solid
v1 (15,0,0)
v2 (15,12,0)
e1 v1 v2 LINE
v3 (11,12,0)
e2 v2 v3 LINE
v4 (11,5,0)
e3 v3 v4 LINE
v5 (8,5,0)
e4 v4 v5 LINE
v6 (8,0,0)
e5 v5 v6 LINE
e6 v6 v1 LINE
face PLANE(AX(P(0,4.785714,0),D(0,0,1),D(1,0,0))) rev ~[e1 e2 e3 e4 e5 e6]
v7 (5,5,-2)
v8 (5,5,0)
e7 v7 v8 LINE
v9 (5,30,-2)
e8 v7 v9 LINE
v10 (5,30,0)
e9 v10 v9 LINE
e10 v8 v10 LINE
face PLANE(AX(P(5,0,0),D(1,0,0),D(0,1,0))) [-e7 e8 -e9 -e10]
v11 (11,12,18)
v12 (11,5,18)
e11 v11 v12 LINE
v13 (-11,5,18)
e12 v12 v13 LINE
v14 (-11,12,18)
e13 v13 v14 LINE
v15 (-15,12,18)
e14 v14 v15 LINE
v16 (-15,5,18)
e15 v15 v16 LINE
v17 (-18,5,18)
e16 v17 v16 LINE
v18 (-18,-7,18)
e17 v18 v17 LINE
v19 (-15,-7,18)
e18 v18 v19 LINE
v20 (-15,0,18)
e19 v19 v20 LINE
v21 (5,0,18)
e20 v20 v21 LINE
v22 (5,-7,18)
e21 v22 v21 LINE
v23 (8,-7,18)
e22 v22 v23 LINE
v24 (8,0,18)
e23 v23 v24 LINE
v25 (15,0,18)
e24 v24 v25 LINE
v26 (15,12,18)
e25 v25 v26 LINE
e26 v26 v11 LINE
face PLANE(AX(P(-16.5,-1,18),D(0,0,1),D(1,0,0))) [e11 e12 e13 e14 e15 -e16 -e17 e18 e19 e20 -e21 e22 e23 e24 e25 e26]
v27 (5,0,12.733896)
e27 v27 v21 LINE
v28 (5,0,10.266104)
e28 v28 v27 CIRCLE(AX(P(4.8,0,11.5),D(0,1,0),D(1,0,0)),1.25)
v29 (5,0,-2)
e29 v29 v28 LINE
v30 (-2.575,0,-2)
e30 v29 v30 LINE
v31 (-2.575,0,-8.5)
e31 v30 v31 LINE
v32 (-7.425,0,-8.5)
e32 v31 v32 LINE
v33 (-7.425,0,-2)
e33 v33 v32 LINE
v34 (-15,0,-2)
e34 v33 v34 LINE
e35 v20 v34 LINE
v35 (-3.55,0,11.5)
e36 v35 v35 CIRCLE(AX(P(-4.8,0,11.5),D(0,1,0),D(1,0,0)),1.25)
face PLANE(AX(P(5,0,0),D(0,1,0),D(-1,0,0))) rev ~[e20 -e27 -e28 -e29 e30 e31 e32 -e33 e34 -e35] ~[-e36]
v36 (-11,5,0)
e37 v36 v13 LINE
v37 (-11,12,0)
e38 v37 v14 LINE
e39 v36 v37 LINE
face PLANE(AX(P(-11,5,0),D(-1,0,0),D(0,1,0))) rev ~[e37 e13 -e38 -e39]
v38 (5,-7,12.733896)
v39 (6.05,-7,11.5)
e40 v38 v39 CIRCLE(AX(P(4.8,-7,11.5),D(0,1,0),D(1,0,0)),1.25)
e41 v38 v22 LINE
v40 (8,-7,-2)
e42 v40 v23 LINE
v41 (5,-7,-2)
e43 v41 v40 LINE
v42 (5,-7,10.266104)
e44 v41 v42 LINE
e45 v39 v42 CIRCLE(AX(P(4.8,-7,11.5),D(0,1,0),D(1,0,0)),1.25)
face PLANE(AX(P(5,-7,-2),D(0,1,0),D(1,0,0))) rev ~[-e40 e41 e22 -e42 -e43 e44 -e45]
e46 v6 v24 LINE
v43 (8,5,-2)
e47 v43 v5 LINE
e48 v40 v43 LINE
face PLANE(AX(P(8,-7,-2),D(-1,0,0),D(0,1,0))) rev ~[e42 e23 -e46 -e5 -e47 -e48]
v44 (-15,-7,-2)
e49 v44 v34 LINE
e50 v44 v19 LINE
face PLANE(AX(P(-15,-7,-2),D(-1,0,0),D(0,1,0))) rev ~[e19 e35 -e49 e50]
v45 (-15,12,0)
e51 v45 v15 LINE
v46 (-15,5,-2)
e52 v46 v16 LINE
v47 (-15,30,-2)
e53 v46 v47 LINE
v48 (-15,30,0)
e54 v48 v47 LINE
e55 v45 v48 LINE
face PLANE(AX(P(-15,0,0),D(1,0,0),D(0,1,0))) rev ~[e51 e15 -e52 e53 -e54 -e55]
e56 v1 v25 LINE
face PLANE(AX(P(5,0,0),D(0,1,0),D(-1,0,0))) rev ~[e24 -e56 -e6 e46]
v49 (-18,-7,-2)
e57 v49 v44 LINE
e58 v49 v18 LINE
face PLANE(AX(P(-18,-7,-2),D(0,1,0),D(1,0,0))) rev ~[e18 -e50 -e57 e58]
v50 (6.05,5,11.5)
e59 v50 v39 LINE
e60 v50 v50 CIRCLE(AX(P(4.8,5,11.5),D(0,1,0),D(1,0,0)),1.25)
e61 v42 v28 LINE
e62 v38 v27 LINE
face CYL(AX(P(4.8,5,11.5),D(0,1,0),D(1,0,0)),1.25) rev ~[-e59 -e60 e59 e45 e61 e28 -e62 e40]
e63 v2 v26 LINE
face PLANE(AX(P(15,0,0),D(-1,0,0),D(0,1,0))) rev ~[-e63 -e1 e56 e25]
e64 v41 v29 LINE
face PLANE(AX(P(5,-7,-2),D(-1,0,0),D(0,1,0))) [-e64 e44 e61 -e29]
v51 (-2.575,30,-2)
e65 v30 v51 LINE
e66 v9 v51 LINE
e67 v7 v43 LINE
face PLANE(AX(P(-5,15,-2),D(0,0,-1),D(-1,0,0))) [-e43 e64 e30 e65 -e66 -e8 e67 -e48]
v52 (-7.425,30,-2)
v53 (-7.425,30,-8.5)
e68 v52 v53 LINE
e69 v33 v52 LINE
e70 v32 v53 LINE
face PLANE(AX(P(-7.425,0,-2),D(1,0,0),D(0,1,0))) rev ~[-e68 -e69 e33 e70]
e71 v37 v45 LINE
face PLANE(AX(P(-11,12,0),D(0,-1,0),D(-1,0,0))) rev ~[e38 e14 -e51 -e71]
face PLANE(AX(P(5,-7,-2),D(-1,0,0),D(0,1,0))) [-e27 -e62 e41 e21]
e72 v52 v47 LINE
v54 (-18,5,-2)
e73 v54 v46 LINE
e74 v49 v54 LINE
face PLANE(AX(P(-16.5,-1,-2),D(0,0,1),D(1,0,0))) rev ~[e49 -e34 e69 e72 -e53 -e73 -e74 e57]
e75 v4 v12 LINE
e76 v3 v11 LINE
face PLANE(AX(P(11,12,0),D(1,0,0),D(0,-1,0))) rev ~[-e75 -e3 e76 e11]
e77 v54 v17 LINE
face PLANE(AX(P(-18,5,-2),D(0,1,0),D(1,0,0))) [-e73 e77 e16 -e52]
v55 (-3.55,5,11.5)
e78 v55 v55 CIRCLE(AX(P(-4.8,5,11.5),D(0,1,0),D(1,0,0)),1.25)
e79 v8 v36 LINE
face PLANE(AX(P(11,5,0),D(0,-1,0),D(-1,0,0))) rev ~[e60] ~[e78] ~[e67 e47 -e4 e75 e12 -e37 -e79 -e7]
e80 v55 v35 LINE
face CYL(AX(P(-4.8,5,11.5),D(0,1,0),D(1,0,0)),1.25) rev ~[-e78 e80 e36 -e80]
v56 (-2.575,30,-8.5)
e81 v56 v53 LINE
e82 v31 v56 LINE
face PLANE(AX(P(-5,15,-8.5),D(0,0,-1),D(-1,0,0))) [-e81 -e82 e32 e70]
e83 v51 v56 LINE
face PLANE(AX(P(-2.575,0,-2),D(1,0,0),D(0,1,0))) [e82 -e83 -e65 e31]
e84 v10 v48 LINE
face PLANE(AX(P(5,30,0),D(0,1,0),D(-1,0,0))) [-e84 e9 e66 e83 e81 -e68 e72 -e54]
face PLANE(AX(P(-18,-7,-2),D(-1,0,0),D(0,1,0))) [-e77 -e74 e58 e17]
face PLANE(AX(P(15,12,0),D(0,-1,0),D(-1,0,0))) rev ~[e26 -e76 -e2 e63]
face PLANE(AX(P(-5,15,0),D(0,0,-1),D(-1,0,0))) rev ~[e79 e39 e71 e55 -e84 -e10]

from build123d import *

# Parameters (mm, degrees)
EXTRUDE_1_DEPTH     = 18
SKETCH_3_W          = 20
SKETCH_3_H          = 30
EXTRUDE_2_DEPTH     = 2
SKETCH_4_W          = 4.85
SKETCH_4_H          = 30
EXTRUDE_3_DEPTH     = 6.5
EXTRUDE_START       = -20
SKETCH_5_W          = 3
SKETCH_5_H          = 12
EXTRUDE_4_DEPTH     = 20
SKETCH_2_R          = 1.25
CUT_EXTRUDE_1_DEPTH = 18


with BuildPart() as part:
    # 스케치1 → 보스-돌출1 (new body)
    with BuildSketch(Plane.XY):
        Polygon((-15, 12), (-15, 0), (15, 0), (15, 12), (11, 12), (11, 5), (-11, 5), (-11, 12), align=None)
    extrude(amount=EXTRUDE_1_DEPTH)

    # 스케치3 → 보스-돌출2 (add)
    with BuildSketch(Plane(origin=(0, 0, 0), x_dir=(-1, 0, 0), z_dir=(0, 0, -1))):
        with Locations((5, 15)):
            Rectangle(SKETCH_3_W, SKETCH_3_H)
    extrude(amount=EXTRUDE_2_DEPTH)

    # 스케치4 → 보스-돌출3 (add)
    with BuildSketch(Plane(origin=(0, 0, -2), x_dir=(-1, 0, 0), z_dir=(0, 0, -1))):
        with Locations((5, 15)):
            Rectangle(SKETCH_4_W, SKETCH_4_H)
    extrude(amount=EXTRUDE_3_DEPTH)

    # 스케치5 → 보스-돌출4 (add)
    with BuildSketch(Plane.XY.offset(18).offset(EXTRUDE_START)):
        with Locations((-16.5, -1)):
            Rectangle(SKETCH_5_W, SKETCH_5_H)
        with Locations((6.5, -1)):
            Rectangle(SKETCH_5_W, SKETCH_5_H)
    extrude(amount=EXTRUDE_4_DEPTH)

    # 스케치2 → 컷-돌출1 (cut)
    with BuildSketch(Plane(origin=(0, 5, 0), x_dir=(1, 0, 0), z_dir=(0, 1, 0))):
        with Locations((-4.8, -11.5)):
            Circle(SKETCH_2_R)
        with Locations((4.8, -11.5)):
            Circle(SKETCH_2_R)
    extrude(amount=-CUT_EXTRUDE_1_DEPTH, mode=Mode.SUBTRACT)


solid = part.part
